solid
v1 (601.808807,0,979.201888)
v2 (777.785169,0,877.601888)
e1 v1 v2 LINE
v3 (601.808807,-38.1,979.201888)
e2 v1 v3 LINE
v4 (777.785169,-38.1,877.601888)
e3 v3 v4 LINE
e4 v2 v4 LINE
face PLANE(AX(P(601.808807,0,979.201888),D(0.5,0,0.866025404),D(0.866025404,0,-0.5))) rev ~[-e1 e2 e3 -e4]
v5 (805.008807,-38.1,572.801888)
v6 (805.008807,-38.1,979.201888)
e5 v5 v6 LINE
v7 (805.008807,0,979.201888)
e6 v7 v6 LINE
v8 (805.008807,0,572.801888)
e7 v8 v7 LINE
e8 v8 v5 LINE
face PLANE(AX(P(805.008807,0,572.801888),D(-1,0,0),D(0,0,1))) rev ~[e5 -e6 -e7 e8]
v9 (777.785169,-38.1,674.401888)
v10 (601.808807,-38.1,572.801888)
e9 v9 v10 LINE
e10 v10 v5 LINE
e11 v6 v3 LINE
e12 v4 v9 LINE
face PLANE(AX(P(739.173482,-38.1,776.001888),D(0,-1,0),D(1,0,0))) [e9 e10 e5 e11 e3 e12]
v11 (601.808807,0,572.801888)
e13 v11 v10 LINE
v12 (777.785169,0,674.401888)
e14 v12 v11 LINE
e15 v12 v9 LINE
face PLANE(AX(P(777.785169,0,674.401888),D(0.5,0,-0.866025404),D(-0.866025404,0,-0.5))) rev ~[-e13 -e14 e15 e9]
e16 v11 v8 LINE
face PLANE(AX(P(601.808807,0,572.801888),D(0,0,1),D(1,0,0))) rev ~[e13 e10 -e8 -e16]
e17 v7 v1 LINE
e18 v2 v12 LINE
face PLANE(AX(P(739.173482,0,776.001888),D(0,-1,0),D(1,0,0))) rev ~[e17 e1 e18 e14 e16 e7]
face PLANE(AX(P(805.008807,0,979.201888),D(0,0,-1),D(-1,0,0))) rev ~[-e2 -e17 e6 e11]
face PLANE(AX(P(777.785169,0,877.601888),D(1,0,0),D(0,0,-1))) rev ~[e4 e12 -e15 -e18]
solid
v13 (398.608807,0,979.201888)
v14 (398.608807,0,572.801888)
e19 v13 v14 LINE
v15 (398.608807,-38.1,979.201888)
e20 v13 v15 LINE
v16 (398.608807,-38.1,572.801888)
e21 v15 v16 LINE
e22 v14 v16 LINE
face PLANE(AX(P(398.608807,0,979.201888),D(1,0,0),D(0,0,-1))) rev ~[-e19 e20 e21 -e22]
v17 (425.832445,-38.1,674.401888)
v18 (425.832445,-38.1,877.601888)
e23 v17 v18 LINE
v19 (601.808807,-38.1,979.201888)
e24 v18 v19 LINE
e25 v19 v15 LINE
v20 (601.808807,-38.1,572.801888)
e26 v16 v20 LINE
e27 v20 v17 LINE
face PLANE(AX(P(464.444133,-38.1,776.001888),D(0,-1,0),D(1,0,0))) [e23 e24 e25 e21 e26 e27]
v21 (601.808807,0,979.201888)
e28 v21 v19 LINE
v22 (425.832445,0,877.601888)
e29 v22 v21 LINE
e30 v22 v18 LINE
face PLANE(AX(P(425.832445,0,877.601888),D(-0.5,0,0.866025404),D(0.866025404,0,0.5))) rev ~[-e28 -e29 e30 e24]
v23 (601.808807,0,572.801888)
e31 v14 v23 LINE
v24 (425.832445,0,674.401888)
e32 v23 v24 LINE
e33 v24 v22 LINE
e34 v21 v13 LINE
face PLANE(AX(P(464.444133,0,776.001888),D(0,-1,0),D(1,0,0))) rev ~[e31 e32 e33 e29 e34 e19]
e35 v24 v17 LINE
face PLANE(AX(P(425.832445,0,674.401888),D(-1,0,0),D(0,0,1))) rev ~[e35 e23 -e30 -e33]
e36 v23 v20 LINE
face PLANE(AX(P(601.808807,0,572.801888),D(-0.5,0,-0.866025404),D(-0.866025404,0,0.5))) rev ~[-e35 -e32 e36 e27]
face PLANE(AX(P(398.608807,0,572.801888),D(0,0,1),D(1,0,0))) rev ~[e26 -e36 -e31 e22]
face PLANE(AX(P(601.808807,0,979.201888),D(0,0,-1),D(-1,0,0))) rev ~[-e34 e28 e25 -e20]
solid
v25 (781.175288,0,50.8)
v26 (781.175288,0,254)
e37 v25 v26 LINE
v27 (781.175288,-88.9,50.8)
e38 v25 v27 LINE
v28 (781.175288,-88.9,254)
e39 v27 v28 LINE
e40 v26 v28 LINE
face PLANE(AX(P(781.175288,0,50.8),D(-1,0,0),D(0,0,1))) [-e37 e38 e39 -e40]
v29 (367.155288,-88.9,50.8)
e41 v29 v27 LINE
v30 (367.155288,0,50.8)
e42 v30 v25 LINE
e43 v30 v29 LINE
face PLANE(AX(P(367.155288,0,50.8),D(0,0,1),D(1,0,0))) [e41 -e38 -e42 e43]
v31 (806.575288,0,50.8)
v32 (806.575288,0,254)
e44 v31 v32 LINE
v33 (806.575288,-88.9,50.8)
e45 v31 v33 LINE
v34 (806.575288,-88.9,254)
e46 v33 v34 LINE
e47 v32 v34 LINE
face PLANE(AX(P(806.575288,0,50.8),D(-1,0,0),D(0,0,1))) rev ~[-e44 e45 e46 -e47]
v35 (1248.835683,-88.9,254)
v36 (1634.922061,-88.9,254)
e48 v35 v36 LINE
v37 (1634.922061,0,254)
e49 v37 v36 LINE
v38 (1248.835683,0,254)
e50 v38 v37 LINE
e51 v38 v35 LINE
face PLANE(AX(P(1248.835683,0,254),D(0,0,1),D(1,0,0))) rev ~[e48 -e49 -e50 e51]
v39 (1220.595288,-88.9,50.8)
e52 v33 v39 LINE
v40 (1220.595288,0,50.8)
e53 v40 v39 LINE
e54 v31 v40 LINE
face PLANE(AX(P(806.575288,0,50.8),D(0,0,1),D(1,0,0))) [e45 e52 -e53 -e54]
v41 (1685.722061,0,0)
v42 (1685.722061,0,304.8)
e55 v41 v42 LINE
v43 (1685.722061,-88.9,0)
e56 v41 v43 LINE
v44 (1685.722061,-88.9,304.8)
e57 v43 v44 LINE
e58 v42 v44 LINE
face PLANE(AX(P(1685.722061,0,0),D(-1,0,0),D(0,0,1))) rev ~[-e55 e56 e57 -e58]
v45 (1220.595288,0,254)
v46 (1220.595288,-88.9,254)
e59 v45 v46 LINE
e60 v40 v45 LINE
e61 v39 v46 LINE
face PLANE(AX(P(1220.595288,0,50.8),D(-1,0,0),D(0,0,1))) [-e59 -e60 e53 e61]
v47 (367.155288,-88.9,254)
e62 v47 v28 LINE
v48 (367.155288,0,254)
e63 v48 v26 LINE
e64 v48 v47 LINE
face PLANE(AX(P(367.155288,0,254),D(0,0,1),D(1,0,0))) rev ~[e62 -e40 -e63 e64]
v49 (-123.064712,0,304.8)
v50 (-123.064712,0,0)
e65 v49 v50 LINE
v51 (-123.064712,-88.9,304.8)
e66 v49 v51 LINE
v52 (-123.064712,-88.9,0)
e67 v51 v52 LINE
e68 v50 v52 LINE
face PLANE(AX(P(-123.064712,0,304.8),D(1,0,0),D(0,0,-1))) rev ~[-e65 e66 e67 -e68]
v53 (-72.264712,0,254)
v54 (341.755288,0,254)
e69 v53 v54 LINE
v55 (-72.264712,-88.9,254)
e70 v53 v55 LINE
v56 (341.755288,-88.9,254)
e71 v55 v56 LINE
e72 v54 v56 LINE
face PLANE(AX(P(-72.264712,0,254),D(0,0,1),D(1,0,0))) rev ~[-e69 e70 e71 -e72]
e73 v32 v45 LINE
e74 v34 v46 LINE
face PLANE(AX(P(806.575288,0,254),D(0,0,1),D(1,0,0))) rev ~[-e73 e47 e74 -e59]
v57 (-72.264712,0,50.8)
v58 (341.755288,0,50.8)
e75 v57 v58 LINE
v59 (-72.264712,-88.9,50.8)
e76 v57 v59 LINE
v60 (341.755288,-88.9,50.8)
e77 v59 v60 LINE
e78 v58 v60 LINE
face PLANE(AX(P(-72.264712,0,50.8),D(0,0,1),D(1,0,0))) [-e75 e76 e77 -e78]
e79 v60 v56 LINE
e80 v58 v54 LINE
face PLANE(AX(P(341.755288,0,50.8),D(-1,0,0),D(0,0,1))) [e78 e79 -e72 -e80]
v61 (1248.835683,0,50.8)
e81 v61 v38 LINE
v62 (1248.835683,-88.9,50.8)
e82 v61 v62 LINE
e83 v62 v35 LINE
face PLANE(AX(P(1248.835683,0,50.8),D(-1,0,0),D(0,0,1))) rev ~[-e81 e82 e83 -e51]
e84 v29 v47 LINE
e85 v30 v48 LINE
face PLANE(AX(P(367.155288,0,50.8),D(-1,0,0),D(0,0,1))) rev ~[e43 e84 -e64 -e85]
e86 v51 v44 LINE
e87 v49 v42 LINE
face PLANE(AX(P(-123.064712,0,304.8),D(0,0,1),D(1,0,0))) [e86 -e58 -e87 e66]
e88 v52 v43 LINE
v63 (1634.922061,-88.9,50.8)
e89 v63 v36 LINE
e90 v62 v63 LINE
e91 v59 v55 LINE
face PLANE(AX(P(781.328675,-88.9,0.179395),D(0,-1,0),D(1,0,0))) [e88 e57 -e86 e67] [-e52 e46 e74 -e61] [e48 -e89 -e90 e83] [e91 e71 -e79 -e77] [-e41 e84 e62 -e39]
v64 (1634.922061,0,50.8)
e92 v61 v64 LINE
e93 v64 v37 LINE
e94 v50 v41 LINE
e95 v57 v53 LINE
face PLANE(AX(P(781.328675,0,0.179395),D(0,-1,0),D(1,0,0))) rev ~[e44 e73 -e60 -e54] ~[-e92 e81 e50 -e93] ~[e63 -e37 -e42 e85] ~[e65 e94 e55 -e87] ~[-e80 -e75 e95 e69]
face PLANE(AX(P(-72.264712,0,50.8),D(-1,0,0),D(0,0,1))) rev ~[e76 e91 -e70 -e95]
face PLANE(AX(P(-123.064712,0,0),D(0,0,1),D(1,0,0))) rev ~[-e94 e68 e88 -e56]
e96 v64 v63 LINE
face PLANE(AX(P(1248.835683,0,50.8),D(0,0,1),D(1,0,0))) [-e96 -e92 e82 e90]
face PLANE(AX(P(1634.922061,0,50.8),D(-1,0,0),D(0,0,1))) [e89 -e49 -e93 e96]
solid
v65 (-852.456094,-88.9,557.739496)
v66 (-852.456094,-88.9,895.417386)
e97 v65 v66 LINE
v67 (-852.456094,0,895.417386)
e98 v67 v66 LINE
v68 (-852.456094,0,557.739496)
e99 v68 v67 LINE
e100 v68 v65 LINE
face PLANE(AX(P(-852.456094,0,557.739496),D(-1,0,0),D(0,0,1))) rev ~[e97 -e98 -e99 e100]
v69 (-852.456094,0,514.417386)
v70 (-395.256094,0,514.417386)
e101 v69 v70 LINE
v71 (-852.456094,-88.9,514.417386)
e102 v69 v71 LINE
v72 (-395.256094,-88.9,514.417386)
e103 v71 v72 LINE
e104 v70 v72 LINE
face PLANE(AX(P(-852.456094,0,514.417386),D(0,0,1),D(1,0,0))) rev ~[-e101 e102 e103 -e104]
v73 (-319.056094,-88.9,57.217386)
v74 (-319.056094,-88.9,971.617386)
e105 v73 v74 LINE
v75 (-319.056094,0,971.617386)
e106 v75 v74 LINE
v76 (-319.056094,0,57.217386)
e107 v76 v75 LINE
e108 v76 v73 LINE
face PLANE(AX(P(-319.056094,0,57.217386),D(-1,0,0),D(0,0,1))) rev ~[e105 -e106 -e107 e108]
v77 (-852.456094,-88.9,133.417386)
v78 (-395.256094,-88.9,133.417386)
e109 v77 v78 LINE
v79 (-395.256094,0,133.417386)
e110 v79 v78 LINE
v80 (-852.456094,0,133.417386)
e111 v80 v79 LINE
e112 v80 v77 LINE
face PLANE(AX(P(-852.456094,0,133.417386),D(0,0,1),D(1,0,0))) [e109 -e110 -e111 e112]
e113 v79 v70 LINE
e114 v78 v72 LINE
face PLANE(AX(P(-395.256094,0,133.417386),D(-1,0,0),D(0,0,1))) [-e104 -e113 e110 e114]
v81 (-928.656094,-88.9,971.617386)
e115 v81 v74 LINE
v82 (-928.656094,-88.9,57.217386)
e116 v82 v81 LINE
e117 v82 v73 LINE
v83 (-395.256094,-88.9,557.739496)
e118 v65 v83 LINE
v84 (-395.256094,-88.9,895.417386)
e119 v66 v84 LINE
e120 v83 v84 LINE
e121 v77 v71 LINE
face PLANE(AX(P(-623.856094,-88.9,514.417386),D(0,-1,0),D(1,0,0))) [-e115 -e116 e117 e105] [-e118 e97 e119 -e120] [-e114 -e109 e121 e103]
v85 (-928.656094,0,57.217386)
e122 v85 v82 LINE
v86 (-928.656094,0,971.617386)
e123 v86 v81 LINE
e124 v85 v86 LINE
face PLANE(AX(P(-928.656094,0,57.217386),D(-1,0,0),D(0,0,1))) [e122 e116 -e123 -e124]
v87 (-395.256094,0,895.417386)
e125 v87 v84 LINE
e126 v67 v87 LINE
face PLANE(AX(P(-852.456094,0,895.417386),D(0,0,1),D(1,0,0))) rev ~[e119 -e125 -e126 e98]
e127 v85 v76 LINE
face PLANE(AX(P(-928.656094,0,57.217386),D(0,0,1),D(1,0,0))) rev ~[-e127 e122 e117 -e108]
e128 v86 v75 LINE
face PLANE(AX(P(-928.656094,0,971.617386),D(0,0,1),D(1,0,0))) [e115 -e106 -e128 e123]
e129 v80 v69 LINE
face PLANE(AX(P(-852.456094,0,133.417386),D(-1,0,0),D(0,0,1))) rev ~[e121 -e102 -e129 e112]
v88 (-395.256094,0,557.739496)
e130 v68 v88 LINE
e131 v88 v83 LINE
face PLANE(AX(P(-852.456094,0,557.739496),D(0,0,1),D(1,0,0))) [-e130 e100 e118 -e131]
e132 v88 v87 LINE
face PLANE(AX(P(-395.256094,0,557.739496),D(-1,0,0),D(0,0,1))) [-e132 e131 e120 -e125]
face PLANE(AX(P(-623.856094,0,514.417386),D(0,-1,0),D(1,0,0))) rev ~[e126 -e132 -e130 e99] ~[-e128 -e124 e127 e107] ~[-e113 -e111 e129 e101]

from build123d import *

# Parameters (mm, degrees)
F0_W     = 1808.7867725551
F0_H     = 0.358789257
F0_H_2   = 304.441210743
F0_W_2   = 414.02
F0_H_3   = 203.2
F0_W_3   = 386.0863779962
F1_DEPTH = 88.9
F2_W     = 609.6
F2_H     = 914.4
F2_W_2   = 457.2
F2_H_2   = 381
F2_H_3   = 337.6778893888
F3_DEPTH = 88.9
F5_DEPTH = 38.1


with BuildPart() as f1:
    # F0 (on Front) → F1 (new body)
    with BuildSketch(Plane.XZ):
        with Locations((781.3286745876, 0.1793946285)):
            Rectangle(F0_W, F0_H)
        with Locations((781.3286745876, 152.5793946285)):
            Rectangle(F0_W, F0_H_2)
        with Locations((134.7452883101, 152.4)):
            Rectangle(F0_W_2, F0_H_3, mode=Mode.SUBTRACT)
        with Locations((574.1652883101, 152.4)):
            Rectangle(F0_W_2, F0_H_3, mode=Mode.SUBTRACT)
        with Locations((1013.5852883101, 152.4)):
            Rectangle(F0_W_2, F0_H_3, mode=Mode.SUBTRACT)
        with Locations((1441.8788718671, 152.4)):
            Rectangle(F0_W_3, F0_H_3, mode=Mode.SUBTRACT)
    extrude(amount=F1_DEPTH)


with BuildPart() as f3:
    # F2 (on Front) → F3 (new body)
    with BuildSketch(Plane.XZ):
        with Locations((-623.8560936928, 514.4173856199)):
            Rectangle(F2_W, F2_H)
        with Locations((-623.8560936928, 323.9173856199)):
            Rectangle(F2_W_2, F2_H_2, mode=Mode.SUBTRACT)
        with Locations((-623.8560936928, 726.5784409255)):
            Rectangle(F2_W_2, F2_H_3, mode=Mode.SUBTRACT)
    extrude(amount=F3_DEPTH)


with BuildPart() as f5:
    # F4 (on Front) → F5 (new body)
    with BuildSketch(Plane.XZ):
        Polygon((805.008807373, 979.201887989), (601.808807373, 979.201887989), (777.785169422, 877.601887989), (777.785169422, 674.401887989), (601.808807373, 572.801887989), (805.008807373, 572.801887989), align=None)
    extrude(amount=F5_DEPTH)


with BuildPart() as f5b:
    # F4 (on Front) → F5, piece 2 (new body)
    with BuildSketch(Plane.XZ):
        Polygon((601.808807373, 979.201887989), (398.608807373, 979.201887989), (398.608807373, 572.801887989), (601.808807373, 572.801887989), (425.832445324, 674.401887989), (425.832445324, 877.601887989), align=None)
    extrude(amount=F5_DEPTH)


solid = Compound([f1.part, f3.part, f5.part, f5b.part])
